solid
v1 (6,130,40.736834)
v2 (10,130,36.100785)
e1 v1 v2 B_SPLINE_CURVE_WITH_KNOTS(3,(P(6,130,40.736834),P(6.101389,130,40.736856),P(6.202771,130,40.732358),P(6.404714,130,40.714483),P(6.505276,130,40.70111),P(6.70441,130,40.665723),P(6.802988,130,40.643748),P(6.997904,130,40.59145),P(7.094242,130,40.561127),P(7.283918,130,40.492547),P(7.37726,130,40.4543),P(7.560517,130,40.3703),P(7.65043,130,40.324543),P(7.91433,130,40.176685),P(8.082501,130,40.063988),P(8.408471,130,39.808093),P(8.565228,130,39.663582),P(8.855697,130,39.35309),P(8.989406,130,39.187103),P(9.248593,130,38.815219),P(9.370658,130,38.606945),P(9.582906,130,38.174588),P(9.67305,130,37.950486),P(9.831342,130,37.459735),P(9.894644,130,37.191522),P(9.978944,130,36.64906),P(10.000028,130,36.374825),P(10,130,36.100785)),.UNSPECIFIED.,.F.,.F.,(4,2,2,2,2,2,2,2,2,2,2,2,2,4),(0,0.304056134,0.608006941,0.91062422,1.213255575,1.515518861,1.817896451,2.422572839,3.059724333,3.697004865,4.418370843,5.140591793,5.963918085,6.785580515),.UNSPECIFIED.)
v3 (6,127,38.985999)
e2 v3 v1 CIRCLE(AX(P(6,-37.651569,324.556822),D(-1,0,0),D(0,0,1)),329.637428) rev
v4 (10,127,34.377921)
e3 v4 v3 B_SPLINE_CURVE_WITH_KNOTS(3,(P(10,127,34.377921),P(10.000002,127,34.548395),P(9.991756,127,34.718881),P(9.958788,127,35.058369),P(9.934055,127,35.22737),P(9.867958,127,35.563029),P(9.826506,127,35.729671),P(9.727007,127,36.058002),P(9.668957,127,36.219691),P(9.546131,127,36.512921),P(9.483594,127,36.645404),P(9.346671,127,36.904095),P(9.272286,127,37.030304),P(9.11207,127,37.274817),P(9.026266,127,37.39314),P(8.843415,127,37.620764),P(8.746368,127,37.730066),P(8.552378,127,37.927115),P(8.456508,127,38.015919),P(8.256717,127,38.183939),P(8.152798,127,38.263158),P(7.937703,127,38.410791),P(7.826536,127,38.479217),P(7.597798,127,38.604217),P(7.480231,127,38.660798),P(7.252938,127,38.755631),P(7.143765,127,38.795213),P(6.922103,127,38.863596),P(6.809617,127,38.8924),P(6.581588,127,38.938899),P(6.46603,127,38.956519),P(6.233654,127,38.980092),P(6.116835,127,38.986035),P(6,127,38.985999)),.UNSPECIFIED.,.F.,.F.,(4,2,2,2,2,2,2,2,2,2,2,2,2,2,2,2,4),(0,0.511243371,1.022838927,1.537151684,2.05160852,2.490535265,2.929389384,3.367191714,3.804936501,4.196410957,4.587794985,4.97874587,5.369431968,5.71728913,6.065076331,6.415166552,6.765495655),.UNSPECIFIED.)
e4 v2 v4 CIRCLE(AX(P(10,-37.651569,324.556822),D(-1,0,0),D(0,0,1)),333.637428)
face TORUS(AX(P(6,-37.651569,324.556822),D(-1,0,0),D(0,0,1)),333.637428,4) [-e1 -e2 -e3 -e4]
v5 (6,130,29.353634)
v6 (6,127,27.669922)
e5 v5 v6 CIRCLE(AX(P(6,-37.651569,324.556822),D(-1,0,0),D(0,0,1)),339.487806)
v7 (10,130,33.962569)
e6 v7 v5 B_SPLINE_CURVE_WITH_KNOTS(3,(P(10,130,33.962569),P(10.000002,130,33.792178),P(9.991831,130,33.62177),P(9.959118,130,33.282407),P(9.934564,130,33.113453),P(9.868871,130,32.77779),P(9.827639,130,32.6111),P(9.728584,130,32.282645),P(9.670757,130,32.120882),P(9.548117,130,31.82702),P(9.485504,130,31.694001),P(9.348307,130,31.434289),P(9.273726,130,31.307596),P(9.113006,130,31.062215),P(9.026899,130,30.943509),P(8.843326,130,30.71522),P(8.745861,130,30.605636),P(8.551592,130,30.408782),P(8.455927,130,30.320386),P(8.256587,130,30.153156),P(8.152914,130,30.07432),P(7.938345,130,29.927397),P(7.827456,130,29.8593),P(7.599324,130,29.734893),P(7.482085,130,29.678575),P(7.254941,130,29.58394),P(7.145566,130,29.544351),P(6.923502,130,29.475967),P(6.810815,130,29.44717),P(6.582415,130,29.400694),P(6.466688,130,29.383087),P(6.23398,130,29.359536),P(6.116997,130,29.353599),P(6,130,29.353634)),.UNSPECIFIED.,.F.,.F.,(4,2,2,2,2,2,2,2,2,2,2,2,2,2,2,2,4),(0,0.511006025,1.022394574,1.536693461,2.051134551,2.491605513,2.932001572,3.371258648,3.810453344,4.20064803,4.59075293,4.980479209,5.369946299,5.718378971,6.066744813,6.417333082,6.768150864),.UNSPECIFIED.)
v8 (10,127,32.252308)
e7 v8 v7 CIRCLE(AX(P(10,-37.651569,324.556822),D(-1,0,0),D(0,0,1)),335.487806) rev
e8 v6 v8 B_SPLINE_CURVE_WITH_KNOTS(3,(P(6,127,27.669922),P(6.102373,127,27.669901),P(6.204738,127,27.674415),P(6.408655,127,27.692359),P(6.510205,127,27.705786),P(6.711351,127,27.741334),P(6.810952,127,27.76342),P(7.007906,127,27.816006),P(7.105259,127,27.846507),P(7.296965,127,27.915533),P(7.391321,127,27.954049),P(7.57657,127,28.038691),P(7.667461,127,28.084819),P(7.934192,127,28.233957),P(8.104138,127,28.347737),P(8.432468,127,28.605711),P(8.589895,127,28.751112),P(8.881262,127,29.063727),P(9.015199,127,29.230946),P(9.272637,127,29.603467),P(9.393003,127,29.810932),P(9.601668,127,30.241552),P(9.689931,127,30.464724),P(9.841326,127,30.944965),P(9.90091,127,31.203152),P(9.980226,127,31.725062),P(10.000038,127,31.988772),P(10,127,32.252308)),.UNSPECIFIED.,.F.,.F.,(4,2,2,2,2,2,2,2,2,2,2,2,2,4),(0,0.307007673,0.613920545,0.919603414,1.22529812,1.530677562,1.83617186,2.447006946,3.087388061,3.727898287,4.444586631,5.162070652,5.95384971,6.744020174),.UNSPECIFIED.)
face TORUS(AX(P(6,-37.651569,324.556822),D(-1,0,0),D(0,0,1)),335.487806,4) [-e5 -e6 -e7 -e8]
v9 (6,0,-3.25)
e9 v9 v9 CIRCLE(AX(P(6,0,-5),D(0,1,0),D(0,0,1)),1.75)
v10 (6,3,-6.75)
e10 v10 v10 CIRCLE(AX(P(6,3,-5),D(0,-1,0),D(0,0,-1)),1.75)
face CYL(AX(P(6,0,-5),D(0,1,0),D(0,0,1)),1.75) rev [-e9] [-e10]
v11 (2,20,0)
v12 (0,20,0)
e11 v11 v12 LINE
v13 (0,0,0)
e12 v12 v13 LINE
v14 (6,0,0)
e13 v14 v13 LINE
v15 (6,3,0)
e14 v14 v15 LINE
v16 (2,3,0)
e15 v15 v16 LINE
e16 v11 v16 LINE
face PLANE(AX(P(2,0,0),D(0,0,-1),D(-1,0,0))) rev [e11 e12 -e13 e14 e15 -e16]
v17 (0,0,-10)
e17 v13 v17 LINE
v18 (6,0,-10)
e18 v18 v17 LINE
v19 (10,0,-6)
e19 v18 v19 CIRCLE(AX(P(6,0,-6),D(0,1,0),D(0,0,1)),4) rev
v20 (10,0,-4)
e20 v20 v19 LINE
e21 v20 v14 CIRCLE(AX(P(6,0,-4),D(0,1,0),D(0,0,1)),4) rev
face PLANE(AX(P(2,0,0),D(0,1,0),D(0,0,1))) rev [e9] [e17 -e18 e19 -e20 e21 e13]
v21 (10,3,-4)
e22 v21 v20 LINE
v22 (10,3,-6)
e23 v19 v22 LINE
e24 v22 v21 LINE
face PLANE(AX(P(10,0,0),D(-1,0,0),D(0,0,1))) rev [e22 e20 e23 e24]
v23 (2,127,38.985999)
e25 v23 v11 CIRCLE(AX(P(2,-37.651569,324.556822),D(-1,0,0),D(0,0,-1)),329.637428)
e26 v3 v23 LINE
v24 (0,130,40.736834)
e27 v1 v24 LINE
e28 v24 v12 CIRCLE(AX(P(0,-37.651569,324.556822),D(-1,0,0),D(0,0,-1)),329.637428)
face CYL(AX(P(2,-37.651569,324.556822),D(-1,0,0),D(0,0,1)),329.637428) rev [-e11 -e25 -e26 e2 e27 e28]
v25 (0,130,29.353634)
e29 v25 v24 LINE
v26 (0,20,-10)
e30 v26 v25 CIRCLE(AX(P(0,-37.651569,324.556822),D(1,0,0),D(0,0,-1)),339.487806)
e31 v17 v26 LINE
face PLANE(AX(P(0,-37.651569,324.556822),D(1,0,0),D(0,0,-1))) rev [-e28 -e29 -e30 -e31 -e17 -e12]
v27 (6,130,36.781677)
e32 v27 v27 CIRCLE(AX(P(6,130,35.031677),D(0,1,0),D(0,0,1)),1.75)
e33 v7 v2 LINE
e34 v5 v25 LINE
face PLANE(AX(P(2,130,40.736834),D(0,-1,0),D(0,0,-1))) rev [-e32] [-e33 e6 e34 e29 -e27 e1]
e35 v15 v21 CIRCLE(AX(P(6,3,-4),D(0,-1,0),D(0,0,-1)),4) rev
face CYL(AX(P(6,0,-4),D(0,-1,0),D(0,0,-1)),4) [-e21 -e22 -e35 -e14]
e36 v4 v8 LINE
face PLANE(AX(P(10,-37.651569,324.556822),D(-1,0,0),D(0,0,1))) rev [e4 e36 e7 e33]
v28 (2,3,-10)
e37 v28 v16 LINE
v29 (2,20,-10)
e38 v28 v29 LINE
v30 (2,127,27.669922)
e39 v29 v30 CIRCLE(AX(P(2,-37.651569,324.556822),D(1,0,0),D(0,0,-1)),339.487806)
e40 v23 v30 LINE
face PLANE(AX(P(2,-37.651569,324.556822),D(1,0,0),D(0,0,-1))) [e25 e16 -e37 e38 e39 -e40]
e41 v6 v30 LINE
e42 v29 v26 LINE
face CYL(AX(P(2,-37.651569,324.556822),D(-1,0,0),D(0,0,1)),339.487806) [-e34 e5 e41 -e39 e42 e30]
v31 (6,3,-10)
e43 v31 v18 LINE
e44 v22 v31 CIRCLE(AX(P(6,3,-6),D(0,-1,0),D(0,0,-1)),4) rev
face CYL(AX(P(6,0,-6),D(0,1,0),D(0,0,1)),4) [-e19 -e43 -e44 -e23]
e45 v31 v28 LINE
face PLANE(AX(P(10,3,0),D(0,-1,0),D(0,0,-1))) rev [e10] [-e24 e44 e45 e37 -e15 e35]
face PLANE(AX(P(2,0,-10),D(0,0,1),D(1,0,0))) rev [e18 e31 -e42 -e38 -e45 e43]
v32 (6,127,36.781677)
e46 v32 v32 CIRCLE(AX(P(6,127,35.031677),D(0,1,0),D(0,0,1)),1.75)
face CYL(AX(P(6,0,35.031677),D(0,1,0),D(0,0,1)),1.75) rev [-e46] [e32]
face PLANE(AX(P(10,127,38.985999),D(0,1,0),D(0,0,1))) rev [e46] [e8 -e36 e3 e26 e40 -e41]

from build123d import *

# Parameters (mm, degrees)
BOSS_EXTRUDE1_DEPTH     = 2
SKETCH2_W               = 10
SKETCH2_H               = 3
BOSS_EXTRUDE2_DEPTH     = 8
FILLET1_R               = 4
CUT_EXTRUDE1_DEPTH      = 134.747858576
CUT_EXTRUDE1_DEPTH_BACK = 134.747858576
SKETCH3_R               = 1.75


with BuildPart() as part:
    # Sketch1 → Boss-Extrude1 (new body)
    with BuildSketch(Plane(origin=(0, 0, 0), x_dir=(0, 0, -1), z_dir=(1, 0, 0))):
        with BuildLine():
            Line((-40.736833925, 130), (-29.353634228, 130))
            ThreePointArc((-29.353634228, 130), (-4.909489029, 76.705560779), (10, 20))
            Line((10, 20), (10, 0))
            Line((10, 0), (0, 0))
            Line((0, 0), (0, 20))
            ThreePointArc((0, 20), (-15.436156632, 76.826587909), (-40.736833925, 130))
        make_face()
    extrude(amount=BOSS_EXTRUDE1_DEPTH)

    # Sketch2 → Boss-Extrude2 (add)
    with BuildSketch(Plane(origin=(2, 0, 0), x_dir=(0, 0, -1), z_dir=(1, 0, 0))):
        with Locations((5, 1.5)):
            Rectangle(SKETCH2_W, SKETCH2_H)
        with BuildLine():
            Line((-40.736833925, 130), (-29.353634228, 130))
            ThreePointArc((-29.353634228, 130), (-28.507977965, 128.502132743), (-27.669921848, 127))
            Line((-27.669921848, 127), (-38.985998837, 127))
            ThreePointArc((-38.985998837, 127), (-39.857464817, 128.502306179), (-40.736833925, 130))
        make_face()
    extrude(amount=BOSS_EXTRUDE2_DEPTH)

    # Fillet1
    fillet1_edges = [part.edges().sort_by_distance(p)[0] for p in [
        (10, 1.5, 0),
        (10, 1.5, -10),
        (10, 128.502306179, 39.857464817),
        (10, 128.502132743, 28.507977965),
    ]]
    fillet(fillet1_edges, radius=FILLET1_R)

    # Sketch3 → Cut-Extrude1 (cut, two sides: drawn at the far end of the back side and taken through both)
    with BuildSketch(Plane(origin=(0, 3, 0), x_dir=(1, 0, 0), z_dir=(0, 1, 0)).offset(-CUT_EXTRUDE1_DEPTH_BACK)):
        with Locations(Location((6, 5, 0), (0, 0, 270))):
            Circle(SKETCH3_R)
        with Locations(Location((6, -35.031677414, 0), (0, 0, 270))):
            Circle(SKETCH3_R)
    extrude(amount=CUT_EXTRUDE1_DEPTH + CUT_EXTRUDE1_DEPTH_BACK, mode=Mode.SUBTRACT)


solid = part.part
